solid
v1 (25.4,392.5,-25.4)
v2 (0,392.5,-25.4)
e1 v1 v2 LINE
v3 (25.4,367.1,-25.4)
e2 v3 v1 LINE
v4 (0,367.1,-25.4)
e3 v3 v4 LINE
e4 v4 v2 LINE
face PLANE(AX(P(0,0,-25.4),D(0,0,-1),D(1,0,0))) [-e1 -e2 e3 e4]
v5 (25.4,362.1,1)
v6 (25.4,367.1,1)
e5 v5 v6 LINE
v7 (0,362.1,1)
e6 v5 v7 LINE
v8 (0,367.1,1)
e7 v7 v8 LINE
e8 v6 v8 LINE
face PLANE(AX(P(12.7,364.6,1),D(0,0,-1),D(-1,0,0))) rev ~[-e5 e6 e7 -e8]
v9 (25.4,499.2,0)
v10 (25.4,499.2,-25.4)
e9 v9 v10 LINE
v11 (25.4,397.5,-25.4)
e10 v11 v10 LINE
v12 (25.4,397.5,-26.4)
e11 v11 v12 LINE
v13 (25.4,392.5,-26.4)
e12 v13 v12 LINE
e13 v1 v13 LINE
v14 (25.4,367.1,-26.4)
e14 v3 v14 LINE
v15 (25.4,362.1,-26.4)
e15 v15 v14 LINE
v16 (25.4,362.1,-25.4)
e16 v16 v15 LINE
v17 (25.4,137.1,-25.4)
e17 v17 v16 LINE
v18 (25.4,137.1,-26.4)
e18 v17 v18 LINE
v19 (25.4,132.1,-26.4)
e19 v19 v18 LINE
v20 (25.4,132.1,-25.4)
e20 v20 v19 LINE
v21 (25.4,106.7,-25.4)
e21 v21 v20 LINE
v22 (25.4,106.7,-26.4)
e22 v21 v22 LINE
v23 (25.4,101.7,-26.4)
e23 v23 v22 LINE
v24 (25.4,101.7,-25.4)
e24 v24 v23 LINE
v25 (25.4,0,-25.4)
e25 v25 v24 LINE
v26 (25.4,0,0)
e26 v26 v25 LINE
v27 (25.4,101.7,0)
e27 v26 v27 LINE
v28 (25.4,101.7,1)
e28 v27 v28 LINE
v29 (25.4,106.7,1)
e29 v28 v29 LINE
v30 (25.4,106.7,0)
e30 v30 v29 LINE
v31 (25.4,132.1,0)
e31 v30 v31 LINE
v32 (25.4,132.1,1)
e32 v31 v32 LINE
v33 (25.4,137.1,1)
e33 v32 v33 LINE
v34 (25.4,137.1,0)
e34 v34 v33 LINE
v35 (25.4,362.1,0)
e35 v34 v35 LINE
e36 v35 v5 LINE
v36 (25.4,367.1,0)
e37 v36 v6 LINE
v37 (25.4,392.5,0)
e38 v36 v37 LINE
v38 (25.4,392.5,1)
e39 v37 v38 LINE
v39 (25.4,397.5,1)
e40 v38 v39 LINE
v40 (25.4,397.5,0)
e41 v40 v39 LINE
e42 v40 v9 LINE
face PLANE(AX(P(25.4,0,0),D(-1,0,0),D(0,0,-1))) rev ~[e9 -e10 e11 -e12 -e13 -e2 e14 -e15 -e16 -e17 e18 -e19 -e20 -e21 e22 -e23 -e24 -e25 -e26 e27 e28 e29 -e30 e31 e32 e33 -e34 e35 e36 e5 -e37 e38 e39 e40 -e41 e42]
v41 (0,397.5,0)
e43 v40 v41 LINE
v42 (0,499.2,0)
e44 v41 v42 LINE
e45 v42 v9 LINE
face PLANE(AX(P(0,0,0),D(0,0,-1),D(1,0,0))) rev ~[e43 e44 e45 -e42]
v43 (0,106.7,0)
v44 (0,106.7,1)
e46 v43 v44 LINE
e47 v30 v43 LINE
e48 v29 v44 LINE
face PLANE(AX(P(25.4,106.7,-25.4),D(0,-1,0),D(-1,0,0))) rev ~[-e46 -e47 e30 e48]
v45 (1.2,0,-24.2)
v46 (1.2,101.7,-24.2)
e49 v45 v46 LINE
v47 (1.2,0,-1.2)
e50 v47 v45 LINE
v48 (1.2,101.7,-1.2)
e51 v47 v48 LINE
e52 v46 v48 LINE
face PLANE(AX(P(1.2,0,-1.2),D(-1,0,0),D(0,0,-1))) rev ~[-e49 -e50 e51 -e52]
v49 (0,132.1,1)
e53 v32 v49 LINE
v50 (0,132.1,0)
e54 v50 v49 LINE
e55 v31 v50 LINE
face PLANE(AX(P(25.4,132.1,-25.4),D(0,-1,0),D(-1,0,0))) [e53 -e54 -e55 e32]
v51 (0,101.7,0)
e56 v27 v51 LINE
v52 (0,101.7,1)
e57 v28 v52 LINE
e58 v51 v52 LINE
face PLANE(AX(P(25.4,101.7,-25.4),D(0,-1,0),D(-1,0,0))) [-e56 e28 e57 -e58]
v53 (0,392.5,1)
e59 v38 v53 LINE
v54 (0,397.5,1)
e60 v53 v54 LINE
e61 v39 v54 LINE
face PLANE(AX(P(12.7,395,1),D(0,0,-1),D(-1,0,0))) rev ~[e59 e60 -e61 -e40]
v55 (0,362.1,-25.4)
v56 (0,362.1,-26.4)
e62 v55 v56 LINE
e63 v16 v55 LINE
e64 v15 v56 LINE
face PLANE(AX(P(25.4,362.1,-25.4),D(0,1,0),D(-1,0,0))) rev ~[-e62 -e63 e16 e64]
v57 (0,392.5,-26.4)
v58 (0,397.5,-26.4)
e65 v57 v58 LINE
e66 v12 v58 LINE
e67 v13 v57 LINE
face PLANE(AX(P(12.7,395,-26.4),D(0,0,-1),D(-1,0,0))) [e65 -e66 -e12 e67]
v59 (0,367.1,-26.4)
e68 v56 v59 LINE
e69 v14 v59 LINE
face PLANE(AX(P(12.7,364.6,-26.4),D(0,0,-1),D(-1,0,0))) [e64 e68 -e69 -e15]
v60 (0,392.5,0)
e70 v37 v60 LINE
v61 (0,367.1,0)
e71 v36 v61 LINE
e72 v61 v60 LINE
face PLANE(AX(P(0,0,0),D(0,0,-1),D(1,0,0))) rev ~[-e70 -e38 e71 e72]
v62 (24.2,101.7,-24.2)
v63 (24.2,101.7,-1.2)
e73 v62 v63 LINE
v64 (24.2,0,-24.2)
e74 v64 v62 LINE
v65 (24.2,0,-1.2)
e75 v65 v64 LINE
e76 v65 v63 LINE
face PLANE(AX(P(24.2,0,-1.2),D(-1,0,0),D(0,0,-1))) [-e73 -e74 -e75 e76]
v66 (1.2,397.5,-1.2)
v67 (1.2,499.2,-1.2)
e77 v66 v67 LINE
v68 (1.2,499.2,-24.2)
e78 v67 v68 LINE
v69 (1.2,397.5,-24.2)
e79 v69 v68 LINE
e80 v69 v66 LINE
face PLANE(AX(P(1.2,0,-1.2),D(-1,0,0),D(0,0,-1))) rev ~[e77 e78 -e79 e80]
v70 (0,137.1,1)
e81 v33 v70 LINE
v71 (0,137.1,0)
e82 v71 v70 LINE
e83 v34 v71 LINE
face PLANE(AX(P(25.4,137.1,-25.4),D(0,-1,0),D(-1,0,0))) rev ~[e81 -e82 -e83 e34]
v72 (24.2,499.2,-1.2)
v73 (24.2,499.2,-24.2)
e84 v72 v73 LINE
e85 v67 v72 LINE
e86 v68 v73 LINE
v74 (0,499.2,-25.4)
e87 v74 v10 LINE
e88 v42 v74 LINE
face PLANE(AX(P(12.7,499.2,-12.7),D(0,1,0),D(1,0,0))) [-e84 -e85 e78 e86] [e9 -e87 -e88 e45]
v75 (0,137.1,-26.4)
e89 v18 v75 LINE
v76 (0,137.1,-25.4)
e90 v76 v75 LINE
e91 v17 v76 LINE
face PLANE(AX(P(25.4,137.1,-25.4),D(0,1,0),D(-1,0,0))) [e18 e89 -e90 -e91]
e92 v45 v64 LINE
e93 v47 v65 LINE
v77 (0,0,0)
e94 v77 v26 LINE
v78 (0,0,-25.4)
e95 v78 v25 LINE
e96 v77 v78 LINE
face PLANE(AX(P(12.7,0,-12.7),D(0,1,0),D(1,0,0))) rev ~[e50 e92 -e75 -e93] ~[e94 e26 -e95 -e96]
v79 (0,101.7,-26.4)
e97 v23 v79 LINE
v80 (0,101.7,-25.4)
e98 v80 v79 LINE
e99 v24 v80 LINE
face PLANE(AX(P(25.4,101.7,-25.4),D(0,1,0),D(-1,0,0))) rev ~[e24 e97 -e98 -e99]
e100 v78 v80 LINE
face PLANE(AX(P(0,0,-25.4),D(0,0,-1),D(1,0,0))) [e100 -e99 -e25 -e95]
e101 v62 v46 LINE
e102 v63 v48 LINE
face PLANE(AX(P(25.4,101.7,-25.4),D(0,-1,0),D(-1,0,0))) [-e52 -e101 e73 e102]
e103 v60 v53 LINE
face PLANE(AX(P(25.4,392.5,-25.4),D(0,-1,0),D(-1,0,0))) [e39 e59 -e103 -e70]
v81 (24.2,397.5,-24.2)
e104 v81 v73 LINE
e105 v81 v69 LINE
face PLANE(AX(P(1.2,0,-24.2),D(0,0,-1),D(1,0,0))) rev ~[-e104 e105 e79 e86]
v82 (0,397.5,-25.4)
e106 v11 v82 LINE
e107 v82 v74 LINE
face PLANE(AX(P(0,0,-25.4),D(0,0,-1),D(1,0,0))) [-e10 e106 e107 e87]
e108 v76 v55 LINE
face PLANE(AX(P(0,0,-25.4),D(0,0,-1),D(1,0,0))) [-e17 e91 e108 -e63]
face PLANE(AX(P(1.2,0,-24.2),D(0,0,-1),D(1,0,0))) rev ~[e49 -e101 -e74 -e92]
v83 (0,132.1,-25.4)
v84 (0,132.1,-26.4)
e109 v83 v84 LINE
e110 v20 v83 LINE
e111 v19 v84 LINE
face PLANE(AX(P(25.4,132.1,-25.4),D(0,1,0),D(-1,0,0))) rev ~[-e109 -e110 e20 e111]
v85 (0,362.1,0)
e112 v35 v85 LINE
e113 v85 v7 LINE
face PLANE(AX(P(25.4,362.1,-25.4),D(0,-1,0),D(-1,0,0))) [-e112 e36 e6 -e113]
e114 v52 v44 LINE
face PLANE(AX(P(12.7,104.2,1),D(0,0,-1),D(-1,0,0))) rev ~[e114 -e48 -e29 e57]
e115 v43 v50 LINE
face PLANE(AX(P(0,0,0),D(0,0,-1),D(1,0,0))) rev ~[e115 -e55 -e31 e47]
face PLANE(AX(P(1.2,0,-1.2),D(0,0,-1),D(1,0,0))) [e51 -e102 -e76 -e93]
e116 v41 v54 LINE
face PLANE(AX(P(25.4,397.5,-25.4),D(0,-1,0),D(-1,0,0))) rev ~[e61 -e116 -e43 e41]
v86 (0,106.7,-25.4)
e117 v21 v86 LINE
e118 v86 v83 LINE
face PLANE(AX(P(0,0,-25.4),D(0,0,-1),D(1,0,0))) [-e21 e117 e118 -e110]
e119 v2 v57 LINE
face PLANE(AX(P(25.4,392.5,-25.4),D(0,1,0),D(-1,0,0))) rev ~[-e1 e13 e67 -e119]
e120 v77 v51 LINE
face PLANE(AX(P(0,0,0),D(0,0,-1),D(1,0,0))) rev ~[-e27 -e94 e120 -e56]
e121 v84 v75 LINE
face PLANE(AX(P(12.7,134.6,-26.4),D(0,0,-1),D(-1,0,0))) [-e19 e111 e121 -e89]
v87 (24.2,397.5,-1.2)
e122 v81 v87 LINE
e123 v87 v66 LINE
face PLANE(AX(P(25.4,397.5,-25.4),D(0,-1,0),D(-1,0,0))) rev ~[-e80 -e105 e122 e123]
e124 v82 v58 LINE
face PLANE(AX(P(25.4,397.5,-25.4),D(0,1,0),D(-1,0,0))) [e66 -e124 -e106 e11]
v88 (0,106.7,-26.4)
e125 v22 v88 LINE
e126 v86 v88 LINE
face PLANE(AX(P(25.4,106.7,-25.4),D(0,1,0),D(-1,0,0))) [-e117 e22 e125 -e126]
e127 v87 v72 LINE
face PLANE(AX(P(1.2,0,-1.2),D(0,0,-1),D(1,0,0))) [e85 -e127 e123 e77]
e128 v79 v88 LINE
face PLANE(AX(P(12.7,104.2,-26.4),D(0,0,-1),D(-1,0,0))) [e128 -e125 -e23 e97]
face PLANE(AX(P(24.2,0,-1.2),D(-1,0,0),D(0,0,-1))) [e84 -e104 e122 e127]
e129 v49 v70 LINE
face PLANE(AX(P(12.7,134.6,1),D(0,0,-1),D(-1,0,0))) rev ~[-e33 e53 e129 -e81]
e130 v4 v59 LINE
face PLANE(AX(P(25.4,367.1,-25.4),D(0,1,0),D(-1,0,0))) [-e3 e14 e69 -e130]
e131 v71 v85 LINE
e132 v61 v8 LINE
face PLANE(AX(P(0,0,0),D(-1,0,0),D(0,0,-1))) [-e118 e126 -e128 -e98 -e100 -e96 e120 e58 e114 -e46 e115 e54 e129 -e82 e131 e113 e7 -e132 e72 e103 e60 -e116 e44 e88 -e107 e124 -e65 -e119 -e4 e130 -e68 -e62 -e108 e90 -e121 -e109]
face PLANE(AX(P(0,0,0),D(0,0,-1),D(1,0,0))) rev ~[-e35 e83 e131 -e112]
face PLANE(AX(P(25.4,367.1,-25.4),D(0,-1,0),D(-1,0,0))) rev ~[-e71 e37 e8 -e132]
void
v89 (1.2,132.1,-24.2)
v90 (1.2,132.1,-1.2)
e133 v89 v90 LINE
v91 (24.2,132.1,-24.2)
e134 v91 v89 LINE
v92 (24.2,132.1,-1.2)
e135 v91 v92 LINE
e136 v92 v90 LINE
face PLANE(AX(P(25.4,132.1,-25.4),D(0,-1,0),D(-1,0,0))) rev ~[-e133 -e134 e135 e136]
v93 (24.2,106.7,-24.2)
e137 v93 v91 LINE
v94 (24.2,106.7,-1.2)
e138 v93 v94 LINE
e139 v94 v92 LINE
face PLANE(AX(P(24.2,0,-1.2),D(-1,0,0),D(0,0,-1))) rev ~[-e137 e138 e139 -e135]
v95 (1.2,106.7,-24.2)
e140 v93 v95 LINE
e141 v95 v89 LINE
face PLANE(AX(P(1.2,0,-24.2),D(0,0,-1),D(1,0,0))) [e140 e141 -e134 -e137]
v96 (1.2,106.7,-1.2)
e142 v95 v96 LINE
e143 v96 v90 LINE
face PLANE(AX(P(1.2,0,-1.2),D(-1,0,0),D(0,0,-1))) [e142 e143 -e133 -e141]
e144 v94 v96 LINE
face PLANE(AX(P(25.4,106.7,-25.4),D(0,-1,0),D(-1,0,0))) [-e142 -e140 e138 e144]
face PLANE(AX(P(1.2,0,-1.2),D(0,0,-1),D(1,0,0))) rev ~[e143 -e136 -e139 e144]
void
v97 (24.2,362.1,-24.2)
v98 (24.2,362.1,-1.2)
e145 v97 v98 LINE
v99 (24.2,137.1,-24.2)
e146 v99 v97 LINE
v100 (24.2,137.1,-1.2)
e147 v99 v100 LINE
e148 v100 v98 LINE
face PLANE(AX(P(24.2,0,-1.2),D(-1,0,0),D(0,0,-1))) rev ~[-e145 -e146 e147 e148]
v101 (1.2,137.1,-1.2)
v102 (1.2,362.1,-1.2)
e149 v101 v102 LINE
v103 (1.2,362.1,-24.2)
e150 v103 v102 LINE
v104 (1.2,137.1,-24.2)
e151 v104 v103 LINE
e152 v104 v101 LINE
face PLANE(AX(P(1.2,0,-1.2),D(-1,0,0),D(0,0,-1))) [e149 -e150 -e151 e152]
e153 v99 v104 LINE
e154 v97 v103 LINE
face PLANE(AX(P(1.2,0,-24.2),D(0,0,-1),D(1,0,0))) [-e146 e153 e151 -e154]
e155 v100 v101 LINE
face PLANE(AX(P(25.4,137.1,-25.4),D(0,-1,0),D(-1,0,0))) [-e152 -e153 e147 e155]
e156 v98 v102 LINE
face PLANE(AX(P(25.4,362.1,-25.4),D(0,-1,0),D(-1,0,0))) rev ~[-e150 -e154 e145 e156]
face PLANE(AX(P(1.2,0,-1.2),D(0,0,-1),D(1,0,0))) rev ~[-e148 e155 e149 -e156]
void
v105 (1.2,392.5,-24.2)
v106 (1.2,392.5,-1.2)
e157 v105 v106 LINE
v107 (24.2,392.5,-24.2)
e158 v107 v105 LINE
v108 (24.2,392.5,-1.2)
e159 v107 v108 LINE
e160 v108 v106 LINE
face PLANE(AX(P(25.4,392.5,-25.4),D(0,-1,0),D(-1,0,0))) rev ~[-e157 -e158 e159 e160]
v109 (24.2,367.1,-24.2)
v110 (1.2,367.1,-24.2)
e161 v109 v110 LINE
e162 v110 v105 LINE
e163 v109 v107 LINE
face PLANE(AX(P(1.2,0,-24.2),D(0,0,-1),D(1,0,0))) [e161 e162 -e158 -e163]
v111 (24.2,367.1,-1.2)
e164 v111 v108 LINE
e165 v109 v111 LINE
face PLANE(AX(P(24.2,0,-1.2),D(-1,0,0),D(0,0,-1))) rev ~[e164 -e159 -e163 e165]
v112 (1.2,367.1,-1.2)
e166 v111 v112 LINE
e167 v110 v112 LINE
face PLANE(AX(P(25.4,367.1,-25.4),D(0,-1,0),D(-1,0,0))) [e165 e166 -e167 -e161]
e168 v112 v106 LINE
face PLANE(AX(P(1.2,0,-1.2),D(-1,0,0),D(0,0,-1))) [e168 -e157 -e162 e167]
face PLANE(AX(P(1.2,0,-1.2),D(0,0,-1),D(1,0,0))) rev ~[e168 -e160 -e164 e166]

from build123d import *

# Parameters (mm, degrees)
SKETCH1_W                = 25.4
SKETCH1_H                = 25.4
SKETCH1_W_2              = 23
SKETCH1_H_2              = 23
BOSS_EXTRUDE1_DEPTH      = 499.2
SKETCH3_W                = 25.4
SKETCH3_H                = 5
BOSS_EXTRUDE2_DEPTH      = 1
BOSS_EXTRUDE2_DEPTH_BACK = 26.4


with BuildPart() as part:
    # Sketch1 → Boss-Extrude1 (new body)
    with BuildSketch(Plane(origin=(0, 0, 0), x_dir=(1, 0, 0), z_dir=(0, 1, 0))):
        with Locations((12.7, 12.7)):
            Rectangle(SKETCH1_W, SKETCH1_H)
        with Locations((12.7, 12.7)):
            Rectangle(SKETCH1_W_2, SKETCH1_H_2, mode=Mode.SUBTRACT)
    extrude(amount=BOSS_EXTRUDE1_DEPTH)

    # Sketch3 → Boss-Extrude2 (add, two sides)
    with BuildSketch(Plane(origin=(0, 0, -25.4), x_dir=(-1, 0, 0), z_dir=(0, 0, -1))) as boss_extrude2_sk:
        with Locations((-12.7, 104.2)):
            Rectangle(SKETCH3_W, SKETCH3_H)
        with Locations((-12.7, 134.6)):
            Rectangle(SKETCH3_W, SKETCH3_H)
        with Locations((-12.7, 395)):
            Rectangle(SKETCH3_W, SKETCH3_H)
        with Locations((-12.7, 364.6)):
            Rectangle(SKETCH3_W, SKETCH3_H)
    extrude(amount=BOSS_EXTRUDE2_DEPTH)
    extrude(boss_extrude2_sk.sketch, amount=-BOSS_EXTRUDE2_DEPTH_BACK)


solid = part.part
